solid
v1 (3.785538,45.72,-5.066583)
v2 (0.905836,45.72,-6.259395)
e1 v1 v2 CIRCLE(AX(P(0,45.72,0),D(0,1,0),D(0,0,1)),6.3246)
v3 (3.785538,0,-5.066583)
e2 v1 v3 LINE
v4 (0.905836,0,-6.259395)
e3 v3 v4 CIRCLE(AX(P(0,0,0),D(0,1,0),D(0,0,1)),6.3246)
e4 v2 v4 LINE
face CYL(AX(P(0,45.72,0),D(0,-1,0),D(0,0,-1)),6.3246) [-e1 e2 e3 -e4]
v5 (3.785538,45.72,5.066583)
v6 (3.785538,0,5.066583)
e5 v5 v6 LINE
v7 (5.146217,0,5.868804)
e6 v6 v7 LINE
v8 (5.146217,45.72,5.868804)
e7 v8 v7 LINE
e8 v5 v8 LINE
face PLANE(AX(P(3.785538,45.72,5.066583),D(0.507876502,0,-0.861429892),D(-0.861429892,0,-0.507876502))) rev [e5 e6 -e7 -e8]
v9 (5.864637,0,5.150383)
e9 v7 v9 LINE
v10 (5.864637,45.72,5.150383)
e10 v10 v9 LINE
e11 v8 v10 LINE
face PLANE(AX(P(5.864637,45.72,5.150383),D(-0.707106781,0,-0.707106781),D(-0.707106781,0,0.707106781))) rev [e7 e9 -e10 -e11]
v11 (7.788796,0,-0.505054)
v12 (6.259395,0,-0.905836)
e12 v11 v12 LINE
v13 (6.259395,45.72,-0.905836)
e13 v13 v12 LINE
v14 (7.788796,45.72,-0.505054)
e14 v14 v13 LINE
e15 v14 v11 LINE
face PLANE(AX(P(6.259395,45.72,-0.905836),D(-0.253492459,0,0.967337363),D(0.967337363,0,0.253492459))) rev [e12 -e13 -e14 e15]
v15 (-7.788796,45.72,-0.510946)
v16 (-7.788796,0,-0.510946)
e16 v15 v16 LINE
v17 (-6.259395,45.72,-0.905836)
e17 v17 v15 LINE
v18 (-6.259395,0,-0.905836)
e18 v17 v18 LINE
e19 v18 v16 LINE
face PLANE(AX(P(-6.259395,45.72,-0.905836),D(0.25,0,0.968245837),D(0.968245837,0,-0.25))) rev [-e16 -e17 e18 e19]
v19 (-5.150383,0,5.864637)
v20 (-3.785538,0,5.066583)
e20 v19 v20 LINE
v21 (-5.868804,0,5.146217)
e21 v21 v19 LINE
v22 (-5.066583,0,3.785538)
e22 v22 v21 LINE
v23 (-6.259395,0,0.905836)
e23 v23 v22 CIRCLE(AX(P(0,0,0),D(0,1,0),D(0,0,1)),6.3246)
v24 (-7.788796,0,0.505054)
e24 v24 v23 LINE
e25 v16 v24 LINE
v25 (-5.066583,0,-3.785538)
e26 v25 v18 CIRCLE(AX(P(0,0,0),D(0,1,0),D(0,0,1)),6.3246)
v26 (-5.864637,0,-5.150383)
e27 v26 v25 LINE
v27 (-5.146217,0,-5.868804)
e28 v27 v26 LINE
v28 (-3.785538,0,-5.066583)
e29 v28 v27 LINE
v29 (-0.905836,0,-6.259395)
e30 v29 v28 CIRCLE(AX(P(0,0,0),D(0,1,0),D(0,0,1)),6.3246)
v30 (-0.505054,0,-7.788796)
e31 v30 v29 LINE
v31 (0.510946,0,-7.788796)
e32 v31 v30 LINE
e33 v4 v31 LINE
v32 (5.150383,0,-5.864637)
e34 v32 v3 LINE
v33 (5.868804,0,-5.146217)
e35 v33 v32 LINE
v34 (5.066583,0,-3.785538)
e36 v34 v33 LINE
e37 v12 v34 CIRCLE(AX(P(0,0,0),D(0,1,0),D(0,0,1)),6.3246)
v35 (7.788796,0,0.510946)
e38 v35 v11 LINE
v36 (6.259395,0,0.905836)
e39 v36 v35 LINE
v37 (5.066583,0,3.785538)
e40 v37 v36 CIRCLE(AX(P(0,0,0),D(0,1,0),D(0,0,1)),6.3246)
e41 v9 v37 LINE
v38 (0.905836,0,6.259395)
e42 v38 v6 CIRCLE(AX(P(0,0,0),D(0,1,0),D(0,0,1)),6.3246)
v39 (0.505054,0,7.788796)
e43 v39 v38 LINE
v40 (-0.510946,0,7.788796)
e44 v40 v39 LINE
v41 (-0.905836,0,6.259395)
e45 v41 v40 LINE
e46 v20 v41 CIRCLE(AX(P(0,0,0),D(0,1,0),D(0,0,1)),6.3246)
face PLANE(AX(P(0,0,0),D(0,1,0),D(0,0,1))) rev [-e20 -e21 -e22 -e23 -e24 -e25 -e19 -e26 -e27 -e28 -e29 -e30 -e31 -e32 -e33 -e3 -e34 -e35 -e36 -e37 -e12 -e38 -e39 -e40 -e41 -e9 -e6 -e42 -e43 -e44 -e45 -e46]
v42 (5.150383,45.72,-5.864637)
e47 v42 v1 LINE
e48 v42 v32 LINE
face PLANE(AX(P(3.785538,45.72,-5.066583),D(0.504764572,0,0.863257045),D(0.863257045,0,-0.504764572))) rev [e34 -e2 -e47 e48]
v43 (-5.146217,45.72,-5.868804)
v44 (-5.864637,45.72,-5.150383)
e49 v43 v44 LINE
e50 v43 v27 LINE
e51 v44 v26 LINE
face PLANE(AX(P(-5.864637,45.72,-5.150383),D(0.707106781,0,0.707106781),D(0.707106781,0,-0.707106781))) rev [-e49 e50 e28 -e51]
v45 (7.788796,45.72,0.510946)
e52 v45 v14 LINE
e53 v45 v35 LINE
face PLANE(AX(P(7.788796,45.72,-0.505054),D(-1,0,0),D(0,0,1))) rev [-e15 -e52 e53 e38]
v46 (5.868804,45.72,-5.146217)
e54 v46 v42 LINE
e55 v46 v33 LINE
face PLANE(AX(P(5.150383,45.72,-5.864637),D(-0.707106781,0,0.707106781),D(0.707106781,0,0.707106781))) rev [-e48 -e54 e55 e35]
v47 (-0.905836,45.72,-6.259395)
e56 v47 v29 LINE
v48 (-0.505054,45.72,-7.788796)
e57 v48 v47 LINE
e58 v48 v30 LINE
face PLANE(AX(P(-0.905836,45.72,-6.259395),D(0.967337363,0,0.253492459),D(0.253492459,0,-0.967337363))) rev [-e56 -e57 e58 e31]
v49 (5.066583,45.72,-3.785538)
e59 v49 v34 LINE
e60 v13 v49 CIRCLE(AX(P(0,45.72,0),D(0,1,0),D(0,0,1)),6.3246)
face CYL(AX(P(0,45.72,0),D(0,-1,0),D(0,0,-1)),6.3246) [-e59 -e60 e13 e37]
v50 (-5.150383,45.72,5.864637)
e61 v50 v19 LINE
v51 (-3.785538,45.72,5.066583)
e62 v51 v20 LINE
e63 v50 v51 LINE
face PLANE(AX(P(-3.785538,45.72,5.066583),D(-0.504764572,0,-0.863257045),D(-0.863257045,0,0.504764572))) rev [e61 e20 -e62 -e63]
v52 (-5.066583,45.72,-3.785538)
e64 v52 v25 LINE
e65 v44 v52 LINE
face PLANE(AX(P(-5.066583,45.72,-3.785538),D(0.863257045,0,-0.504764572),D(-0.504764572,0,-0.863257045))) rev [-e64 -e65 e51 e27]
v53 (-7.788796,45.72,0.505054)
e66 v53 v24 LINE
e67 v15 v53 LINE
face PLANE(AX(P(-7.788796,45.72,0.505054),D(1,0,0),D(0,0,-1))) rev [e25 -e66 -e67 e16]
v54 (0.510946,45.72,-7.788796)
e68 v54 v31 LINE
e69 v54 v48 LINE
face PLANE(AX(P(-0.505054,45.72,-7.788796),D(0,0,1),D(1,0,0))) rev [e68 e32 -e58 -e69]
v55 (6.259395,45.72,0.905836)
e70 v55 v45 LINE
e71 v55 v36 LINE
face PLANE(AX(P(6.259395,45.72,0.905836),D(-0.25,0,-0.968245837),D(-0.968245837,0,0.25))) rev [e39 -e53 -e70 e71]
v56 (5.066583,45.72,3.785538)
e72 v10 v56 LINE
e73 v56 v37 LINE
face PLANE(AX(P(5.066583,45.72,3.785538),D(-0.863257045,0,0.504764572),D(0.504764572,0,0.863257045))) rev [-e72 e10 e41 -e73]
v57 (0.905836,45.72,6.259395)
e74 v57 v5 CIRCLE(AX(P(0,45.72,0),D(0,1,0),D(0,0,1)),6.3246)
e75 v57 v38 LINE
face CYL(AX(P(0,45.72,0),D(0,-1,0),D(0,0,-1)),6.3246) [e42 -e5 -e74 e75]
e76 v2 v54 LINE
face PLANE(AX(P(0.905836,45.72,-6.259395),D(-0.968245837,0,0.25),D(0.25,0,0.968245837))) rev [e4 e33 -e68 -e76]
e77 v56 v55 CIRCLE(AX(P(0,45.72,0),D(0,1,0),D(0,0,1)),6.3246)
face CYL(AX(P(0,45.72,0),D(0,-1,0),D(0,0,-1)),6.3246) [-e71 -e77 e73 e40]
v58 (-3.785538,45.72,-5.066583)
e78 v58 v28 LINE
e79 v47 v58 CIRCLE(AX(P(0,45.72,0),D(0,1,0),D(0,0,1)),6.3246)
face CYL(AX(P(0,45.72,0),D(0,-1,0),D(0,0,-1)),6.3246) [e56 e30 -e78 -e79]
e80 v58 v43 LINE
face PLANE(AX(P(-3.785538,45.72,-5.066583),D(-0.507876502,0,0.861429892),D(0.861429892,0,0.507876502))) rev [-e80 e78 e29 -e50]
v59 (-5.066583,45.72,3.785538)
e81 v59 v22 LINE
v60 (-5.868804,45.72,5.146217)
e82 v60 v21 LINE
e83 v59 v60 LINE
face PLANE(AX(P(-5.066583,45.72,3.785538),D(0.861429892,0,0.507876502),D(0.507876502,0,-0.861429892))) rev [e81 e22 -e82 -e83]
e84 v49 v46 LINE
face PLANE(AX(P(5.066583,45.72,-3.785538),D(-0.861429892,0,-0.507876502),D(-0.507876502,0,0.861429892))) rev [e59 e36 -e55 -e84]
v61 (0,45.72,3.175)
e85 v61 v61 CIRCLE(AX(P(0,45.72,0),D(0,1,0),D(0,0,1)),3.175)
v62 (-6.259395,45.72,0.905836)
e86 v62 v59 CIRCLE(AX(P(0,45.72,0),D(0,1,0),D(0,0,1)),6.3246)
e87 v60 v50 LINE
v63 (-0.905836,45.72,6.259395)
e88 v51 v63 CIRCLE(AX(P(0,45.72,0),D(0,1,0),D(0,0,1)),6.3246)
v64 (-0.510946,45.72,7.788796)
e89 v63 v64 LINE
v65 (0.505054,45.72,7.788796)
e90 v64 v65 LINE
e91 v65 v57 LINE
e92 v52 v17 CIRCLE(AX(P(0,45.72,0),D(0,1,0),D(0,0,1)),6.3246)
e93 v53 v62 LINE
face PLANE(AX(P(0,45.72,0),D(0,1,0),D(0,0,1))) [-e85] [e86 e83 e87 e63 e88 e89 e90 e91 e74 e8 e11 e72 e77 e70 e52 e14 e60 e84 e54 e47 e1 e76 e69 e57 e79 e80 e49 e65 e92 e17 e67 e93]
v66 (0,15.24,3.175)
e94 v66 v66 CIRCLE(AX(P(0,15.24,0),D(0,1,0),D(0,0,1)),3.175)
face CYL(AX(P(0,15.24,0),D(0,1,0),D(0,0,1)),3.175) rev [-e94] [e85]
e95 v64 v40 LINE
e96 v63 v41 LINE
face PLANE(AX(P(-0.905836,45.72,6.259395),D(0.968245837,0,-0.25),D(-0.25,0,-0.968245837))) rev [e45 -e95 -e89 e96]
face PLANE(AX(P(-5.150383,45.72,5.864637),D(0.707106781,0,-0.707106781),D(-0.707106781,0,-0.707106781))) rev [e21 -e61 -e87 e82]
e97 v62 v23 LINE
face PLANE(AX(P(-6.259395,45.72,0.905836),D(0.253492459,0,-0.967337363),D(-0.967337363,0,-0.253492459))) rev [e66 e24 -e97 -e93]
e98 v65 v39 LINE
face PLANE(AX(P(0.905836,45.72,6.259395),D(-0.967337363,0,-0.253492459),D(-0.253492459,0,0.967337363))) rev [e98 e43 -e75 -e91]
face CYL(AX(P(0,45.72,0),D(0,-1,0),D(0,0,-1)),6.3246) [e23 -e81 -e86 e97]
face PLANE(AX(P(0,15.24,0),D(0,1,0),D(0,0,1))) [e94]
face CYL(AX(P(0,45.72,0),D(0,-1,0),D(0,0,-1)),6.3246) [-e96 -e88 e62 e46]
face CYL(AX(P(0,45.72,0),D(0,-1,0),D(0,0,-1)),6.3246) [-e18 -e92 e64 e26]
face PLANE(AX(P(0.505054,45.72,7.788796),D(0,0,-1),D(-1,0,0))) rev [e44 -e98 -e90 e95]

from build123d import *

# Parameters (mm, degrees)
BOSS_EXTRUDE4_DEPTH = 45.72
SKETCH9_R           = 3.175
CUT_EXTRUDE3_DEPTH  = 30.48


with BuildPart() as part:
    # Sketch8 → Boss-Extrude4 (new body)
    with BuildSketch(Plane(origin=(0, 0, 0), x_dir=(1, 0, 0), z_dir=(0, 1, 0))):
        with BuildLine():
            Line((-0.905835842, 6.259395066), (-0.505053709, 7.788795718))
            Line((-0.505053709, 7.788795718), (0.510946291, 7.788795718))
            Line((0.510946291, 7.788795718), (0.905835842, 6.259395066))
            ThreePointArc((0.905835842, 6.259395066), (2.420319636, 5.843168491), (3.785538031, 5.066583363))
            Line((3.785538031, 5.066583363), (5.150383367, 5.864637172))
            Line((5.150383367, 5.864637172), (5.868803857, 5.146216682))
            Line((5.868803857, 5.146216682), (5.066583363, 3.785538031))
            ThreePointArc((5.066583363, 3.785538031), (5.843168491, 2.420319636), (6.259395066, 0.905835842))
            Line((6.259395066, 0.905835842), (7.788795718, 0.505053709))
            Line((7.788795718, 0.505053709), (7.788795718, -0.510946291))
            Line((7.788795718, -0.510946291), (6.259395066, -0.905835842))
            ThreePointArc((6.259395066, -0.905835842), (5.843168491, -2.420319636), (5.066583363, -3.785538031))
            Line((5.066583363, -3.785538031), (5.864637172, -5.150383367))
            Line((5.864637172, -5.150383367), (5.146216682, -5.868803857))
            Line((5.146216682, -5.868803857), (3.785538031, -5.066583363))
            ThreePointArc((3.785538031, -5.066583363), (2.420319636, -5.843168491), (0.905835842, -6.259395066))
            Line((0.905835842, -6.259395066), (0.505053709, -7.788795718))
            Line((0.505053709, -7.788795718), (-0.510946291, -7.788795718))
            Line((-0.510946291, -7.788795718), (-0.905835842, -6.259395066))
            ThreePointArc((-0.905835842, -6.259395066), (-2.420319636, -5.843168491), (-3.785538031, -5.066583363))
            Line((-3.785538031, -5.066583363), (-5.150383367, -5.864637172))
            Line((-5.150383367, -5.864637172), (-5.868803857, -5.146216682))
            Line((-5.868803857, -5.146216682), (-5.066583363, -3.785538031))
            ThreePointArc((-5.066583363, -3.785538031), (-5.843168491, -2.420319636), (-6.259395066, -0.905835842))
            Line((-6.259395066, -0.905835842), (-7.788795718, -0.505053709))
            Line((-7.788795718, -0.505053709), (-7.788795718, 0.510946291))
            Line((-7.788795718, 0.510946291), (-6.259395066, 0.905835842))
            ThreePointArc((-6.259395066, 0.905835842), (-5.843168491, 2.420319636), (-5.066583363, 3.785538031))
            Line((-5.066583363, 3.785538031), (-5.864637172, 5.150383367))
            Line((-5.864637172, 5.150383367), (-5.146216682, 5.868803857))
            Line((-5.146216682, 5.868803857), (-3.785538031, 5.066583363))
            ThreePointArc((-3.785538031, 5.066583363), (-2.420319636, 5.843168491), (-0.905835842, 6.259395066))
        make_face()
    extrude(amount=BOSS_EXTRUDE4_DEPTH)

    # Sketch9 → Cut-Extrude3 (cut)
    with BuildSketch(Plane(origin=(0, 45.72, 0), x_dir=(1, 0, 0), z_dir=(0, 1, 0))):
        Circle(SKETCH9_R)
    extrude(amount=-CUT_EXTRUDE3_DEPTH, mode=Mode.SUBTRACT)


solid = part.part
